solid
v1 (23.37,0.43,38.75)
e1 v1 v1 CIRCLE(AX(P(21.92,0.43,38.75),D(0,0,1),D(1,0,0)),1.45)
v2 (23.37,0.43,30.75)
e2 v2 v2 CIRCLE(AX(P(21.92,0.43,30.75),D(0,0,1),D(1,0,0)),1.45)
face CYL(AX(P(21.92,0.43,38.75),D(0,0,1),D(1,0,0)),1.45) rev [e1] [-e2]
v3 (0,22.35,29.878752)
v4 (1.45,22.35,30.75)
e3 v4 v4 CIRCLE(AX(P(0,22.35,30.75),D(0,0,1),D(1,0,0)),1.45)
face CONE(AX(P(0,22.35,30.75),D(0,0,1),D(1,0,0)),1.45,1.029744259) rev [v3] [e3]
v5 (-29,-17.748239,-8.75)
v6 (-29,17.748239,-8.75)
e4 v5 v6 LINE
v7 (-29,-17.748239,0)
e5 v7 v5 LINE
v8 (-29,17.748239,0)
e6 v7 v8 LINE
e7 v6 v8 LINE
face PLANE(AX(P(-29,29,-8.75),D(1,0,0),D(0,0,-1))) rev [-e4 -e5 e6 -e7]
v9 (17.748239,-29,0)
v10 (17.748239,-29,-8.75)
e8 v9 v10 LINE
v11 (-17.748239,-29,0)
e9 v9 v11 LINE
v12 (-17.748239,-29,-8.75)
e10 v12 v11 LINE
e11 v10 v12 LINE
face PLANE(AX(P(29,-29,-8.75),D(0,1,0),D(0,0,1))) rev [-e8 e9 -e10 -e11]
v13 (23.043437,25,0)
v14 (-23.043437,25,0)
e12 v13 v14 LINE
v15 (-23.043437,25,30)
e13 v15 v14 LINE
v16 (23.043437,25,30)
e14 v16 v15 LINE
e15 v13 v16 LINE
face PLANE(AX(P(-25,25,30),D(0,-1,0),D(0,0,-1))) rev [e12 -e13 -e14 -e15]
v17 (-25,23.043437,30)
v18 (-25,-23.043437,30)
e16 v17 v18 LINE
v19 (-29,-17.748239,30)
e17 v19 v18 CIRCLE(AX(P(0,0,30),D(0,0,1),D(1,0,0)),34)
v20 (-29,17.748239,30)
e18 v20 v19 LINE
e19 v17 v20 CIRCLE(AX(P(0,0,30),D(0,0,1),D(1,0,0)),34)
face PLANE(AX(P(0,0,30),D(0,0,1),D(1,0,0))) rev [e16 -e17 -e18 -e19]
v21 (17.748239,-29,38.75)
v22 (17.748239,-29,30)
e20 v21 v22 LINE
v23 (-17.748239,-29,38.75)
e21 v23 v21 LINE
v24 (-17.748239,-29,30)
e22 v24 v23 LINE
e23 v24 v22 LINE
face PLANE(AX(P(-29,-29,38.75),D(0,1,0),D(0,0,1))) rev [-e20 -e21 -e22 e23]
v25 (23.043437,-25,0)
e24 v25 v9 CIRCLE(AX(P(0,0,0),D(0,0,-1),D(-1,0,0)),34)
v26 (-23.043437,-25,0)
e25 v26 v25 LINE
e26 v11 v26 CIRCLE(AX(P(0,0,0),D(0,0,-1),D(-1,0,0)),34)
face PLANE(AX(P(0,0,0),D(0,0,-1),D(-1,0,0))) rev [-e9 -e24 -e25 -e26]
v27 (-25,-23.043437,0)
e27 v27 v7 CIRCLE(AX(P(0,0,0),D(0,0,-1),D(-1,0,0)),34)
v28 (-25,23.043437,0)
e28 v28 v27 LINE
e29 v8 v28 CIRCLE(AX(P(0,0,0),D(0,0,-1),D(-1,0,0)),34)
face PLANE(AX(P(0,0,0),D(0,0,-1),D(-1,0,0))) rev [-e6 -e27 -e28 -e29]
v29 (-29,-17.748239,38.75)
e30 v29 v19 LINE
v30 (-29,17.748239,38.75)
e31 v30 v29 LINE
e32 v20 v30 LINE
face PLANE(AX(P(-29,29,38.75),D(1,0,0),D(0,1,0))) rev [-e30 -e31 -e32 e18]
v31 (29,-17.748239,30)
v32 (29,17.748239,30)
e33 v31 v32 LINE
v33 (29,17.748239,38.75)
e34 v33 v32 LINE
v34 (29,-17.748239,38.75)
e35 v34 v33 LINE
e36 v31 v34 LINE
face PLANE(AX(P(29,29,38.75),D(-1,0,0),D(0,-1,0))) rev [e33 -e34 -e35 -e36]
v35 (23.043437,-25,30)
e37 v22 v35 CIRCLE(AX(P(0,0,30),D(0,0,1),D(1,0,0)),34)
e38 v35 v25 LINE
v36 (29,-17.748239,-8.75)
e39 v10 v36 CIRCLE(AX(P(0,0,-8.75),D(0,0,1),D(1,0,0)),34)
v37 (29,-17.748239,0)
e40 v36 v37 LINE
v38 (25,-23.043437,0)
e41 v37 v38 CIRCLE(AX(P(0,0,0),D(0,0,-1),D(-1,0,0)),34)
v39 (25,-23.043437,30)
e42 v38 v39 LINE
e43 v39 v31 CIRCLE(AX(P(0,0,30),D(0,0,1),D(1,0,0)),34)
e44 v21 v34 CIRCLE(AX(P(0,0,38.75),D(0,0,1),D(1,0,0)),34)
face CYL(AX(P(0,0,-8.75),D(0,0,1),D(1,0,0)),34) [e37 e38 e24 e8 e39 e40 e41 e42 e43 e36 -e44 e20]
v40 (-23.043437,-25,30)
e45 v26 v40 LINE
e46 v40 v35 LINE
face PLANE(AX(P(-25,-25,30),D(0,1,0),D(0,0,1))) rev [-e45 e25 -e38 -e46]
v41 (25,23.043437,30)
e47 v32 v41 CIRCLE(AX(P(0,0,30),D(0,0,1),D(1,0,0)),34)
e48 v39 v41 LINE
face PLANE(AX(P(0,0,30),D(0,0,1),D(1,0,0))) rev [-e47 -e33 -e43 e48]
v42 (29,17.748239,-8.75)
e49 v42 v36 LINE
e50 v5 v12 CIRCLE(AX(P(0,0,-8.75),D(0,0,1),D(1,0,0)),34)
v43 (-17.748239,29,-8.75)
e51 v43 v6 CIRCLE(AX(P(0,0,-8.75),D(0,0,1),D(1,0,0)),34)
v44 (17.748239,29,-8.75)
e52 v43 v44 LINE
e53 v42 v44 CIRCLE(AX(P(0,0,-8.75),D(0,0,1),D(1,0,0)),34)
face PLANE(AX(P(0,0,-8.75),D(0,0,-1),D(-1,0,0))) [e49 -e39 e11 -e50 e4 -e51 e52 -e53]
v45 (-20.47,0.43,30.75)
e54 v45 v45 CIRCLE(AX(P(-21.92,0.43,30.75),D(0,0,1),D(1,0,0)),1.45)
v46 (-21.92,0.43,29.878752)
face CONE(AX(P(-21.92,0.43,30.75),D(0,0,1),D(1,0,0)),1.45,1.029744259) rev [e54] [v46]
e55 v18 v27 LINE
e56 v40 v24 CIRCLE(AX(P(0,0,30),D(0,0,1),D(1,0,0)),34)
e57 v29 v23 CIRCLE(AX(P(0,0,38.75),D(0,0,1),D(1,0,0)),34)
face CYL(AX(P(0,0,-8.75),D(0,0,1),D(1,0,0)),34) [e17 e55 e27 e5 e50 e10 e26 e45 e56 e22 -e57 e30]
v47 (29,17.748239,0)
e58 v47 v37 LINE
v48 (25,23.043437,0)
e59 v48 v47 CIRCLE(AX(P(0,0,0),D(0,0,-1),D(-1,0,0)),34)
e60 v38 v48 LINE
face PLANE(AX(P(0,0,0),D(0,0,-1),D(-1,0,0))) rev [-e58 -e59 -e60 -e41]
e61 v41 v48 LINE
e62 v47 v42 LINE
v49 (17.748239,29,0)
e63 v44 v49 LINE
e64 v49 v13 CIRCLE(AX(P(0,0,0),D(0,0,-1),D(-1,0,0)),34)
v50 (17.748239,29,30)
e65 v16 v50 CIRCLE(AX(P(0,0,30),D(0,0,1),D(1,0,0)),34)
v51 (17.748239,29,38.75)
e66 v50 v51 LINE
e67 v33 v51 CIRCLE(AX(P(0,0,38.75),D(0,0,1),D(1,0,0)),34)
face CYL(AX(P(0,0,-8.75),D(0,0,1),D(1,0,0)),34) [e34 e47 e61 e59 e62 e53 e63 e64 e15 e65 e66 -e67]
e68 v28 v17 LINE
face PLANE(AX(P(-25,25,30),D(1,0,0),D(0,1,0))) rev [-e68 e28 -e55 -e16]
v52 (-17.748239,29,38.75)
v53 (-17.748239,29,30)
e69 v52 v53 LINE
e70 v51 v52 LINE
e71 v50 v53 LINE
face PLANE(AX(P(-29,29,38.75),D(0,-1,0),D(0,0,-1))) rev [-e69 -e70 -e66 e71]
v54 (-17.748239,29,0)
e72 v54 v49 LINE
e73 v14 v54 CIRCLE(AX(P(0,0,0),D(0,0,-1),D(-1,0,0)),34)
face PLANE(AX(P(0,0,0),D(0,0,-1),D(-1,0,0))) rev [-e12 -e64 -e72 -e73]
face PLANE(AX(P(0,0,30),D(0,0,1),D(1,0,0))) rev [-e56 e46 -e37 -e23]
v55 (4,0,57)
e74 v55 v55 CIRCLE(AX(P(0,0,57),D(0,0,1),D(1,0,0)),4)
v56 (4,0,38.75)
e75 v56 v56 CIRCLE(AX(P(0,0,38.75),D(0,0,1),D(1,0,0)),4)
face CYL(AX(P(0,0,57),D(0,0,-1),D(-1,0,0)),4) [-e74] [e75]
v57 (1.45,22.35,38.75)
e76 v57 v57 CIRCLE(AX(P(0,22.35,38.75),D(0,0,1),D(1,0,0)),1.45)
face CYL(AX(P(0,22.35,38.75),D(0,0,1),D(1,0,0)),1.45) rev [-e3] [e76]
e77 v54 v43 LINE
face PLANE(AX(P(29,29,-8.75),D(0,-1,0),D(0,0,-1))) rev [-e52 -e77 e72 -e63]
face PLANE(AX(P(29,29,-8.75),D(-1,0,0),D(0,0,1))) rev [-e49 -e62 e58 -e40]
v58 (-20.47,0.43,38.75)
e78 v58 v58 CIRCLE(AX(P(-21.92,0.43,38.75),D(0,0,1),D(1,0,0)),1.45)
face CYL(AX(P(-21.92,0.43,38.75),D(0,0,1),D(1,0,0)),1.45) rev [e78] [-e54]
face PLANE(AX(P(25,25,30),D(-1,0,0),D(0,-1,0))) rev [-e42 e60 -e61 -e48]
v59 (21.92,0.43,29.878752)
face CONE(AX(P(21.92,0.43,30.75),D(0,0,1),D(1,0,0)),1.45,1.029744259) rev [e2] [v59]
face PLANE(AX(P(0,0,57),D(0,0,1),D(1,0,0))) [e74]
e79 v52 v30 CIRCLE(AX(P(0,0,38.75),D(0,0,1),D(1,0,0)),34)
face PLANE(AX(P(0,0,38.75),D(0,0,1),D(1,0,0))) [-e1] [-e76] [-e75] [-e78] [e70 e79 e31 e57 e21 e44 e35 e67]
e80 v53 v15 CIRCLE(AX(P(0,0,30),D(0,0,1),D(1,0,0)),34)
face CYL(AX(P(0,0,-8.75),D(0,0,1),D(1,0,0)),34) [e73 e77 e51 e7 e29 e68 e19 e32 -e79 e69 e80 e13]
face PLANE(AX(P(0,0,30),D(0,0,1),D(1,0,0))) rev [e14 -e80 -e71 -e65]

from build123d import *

# Parameters (mm, degrees)
SKETCH_1_W               = 50
SKETCH_1_H               = 50
EXTRUDE_1_DEPTH          = 30
SKETCH_2_W               = 58
SKETCH_2_H               = 58
EXTRUDE_2_DEPTH          = 8.75
SKETCH_3_W               = 58
SKETCH_3_H               = 58
EXTRUDE_3_DEPTH          = 8.75
SKETCH_6_R               = 4
EXTRUDE_4_DEPTH          = 18.25
SKETCH_4_OUTSIDE_W       = 81.024
SKETCH_4_OUTSIDE_H       = 81.024
SKETCH_4_OUTSIDE_R       = 34
CUT_EXTRUDE_2_DEPTH      = 63.755477849
HOLE_WIZARD_M3_5_1_D     = 2.9
HOLE_WIZARD_M3_5_1_DEPTH = 8
HOLE_WIZARD_M3_5_1_TIP   = 0.871247898


with BuildPart() as part:
    # 草图1 → 凸台-拉伸1 (new body)
    with BuildSketch(Plane.XY):
        Rectangle(SKETCH_1_W, SKETCH_1_H)
    extrude(amount=EXTRUDE_1_DEPTH)

    # 草图2 → 凸台-拉伸2 (add)
    with BuildSketch(Plane.XY.offset(30)):
        Rectangle(SKETCH_2_W, SKETCH_2_H)
    extrude(amount=EXTRUDE_2_DEPTH)

    # 草图3 → 凸台-拉伸3 (add)
    with BuildSketch(Plane(origin=(0, 0, 0), x_dir=(-1, 0, 0), z_dir=(0, 0, -1))):
        Rectangle(SKETCH_3_W, SKETCH_3_H)
    extrude(amount=EXTRUDE_3_DEPTH)

    # 草图6 → 凸台-拉伸4 (add)
    with BuildSketch(Plane.XY.offset(38.75)):
        Circle(SKETCH_6_R)
    extrude(amount=EXTRUDE_4_DEPTH)

    # 草图4 outside → 切除-拉伸2 (cut, through all)
    with BuildSketch(Plane.XY.offset(38.75)):
        Rectangle(SKETCH_4_OUTSIDE_W, SKETCH_4_OUTSIDE_H)
        Circle(SKETCH_4_OUTSIDE_R, mode=Mode.SUBTRACT)
    extrude(amount=-CUT_EXTRUDE_2_DEPTH, mode=Mode.SUBTRACT)

    # M3.5 螺纹孔1
    with Locations(Plane.XY.offset(38.75)):
        with Locations((0, 22.35), (-21.92, 0.43), (21.92, 0.43)):
            Hole(HOLE_WIZARD_M3_5_1_D / 2, depth=HOLE_WIZARD_M3_5_1_DEPTH)
            with Locations((0, 0, -(HOLE_WIZARD_M3_5_1_DEPTH + HOLE_WIZARD_M3_5_1_TIP / 2))):  # 118° drill point
                Cone(0, HOLE_WIZARD_M3_5_1_D / 2, HOLE_WIZARD_M3_5_1_TIP, mode=Mode.SUBTRACT)


solid = part.part
